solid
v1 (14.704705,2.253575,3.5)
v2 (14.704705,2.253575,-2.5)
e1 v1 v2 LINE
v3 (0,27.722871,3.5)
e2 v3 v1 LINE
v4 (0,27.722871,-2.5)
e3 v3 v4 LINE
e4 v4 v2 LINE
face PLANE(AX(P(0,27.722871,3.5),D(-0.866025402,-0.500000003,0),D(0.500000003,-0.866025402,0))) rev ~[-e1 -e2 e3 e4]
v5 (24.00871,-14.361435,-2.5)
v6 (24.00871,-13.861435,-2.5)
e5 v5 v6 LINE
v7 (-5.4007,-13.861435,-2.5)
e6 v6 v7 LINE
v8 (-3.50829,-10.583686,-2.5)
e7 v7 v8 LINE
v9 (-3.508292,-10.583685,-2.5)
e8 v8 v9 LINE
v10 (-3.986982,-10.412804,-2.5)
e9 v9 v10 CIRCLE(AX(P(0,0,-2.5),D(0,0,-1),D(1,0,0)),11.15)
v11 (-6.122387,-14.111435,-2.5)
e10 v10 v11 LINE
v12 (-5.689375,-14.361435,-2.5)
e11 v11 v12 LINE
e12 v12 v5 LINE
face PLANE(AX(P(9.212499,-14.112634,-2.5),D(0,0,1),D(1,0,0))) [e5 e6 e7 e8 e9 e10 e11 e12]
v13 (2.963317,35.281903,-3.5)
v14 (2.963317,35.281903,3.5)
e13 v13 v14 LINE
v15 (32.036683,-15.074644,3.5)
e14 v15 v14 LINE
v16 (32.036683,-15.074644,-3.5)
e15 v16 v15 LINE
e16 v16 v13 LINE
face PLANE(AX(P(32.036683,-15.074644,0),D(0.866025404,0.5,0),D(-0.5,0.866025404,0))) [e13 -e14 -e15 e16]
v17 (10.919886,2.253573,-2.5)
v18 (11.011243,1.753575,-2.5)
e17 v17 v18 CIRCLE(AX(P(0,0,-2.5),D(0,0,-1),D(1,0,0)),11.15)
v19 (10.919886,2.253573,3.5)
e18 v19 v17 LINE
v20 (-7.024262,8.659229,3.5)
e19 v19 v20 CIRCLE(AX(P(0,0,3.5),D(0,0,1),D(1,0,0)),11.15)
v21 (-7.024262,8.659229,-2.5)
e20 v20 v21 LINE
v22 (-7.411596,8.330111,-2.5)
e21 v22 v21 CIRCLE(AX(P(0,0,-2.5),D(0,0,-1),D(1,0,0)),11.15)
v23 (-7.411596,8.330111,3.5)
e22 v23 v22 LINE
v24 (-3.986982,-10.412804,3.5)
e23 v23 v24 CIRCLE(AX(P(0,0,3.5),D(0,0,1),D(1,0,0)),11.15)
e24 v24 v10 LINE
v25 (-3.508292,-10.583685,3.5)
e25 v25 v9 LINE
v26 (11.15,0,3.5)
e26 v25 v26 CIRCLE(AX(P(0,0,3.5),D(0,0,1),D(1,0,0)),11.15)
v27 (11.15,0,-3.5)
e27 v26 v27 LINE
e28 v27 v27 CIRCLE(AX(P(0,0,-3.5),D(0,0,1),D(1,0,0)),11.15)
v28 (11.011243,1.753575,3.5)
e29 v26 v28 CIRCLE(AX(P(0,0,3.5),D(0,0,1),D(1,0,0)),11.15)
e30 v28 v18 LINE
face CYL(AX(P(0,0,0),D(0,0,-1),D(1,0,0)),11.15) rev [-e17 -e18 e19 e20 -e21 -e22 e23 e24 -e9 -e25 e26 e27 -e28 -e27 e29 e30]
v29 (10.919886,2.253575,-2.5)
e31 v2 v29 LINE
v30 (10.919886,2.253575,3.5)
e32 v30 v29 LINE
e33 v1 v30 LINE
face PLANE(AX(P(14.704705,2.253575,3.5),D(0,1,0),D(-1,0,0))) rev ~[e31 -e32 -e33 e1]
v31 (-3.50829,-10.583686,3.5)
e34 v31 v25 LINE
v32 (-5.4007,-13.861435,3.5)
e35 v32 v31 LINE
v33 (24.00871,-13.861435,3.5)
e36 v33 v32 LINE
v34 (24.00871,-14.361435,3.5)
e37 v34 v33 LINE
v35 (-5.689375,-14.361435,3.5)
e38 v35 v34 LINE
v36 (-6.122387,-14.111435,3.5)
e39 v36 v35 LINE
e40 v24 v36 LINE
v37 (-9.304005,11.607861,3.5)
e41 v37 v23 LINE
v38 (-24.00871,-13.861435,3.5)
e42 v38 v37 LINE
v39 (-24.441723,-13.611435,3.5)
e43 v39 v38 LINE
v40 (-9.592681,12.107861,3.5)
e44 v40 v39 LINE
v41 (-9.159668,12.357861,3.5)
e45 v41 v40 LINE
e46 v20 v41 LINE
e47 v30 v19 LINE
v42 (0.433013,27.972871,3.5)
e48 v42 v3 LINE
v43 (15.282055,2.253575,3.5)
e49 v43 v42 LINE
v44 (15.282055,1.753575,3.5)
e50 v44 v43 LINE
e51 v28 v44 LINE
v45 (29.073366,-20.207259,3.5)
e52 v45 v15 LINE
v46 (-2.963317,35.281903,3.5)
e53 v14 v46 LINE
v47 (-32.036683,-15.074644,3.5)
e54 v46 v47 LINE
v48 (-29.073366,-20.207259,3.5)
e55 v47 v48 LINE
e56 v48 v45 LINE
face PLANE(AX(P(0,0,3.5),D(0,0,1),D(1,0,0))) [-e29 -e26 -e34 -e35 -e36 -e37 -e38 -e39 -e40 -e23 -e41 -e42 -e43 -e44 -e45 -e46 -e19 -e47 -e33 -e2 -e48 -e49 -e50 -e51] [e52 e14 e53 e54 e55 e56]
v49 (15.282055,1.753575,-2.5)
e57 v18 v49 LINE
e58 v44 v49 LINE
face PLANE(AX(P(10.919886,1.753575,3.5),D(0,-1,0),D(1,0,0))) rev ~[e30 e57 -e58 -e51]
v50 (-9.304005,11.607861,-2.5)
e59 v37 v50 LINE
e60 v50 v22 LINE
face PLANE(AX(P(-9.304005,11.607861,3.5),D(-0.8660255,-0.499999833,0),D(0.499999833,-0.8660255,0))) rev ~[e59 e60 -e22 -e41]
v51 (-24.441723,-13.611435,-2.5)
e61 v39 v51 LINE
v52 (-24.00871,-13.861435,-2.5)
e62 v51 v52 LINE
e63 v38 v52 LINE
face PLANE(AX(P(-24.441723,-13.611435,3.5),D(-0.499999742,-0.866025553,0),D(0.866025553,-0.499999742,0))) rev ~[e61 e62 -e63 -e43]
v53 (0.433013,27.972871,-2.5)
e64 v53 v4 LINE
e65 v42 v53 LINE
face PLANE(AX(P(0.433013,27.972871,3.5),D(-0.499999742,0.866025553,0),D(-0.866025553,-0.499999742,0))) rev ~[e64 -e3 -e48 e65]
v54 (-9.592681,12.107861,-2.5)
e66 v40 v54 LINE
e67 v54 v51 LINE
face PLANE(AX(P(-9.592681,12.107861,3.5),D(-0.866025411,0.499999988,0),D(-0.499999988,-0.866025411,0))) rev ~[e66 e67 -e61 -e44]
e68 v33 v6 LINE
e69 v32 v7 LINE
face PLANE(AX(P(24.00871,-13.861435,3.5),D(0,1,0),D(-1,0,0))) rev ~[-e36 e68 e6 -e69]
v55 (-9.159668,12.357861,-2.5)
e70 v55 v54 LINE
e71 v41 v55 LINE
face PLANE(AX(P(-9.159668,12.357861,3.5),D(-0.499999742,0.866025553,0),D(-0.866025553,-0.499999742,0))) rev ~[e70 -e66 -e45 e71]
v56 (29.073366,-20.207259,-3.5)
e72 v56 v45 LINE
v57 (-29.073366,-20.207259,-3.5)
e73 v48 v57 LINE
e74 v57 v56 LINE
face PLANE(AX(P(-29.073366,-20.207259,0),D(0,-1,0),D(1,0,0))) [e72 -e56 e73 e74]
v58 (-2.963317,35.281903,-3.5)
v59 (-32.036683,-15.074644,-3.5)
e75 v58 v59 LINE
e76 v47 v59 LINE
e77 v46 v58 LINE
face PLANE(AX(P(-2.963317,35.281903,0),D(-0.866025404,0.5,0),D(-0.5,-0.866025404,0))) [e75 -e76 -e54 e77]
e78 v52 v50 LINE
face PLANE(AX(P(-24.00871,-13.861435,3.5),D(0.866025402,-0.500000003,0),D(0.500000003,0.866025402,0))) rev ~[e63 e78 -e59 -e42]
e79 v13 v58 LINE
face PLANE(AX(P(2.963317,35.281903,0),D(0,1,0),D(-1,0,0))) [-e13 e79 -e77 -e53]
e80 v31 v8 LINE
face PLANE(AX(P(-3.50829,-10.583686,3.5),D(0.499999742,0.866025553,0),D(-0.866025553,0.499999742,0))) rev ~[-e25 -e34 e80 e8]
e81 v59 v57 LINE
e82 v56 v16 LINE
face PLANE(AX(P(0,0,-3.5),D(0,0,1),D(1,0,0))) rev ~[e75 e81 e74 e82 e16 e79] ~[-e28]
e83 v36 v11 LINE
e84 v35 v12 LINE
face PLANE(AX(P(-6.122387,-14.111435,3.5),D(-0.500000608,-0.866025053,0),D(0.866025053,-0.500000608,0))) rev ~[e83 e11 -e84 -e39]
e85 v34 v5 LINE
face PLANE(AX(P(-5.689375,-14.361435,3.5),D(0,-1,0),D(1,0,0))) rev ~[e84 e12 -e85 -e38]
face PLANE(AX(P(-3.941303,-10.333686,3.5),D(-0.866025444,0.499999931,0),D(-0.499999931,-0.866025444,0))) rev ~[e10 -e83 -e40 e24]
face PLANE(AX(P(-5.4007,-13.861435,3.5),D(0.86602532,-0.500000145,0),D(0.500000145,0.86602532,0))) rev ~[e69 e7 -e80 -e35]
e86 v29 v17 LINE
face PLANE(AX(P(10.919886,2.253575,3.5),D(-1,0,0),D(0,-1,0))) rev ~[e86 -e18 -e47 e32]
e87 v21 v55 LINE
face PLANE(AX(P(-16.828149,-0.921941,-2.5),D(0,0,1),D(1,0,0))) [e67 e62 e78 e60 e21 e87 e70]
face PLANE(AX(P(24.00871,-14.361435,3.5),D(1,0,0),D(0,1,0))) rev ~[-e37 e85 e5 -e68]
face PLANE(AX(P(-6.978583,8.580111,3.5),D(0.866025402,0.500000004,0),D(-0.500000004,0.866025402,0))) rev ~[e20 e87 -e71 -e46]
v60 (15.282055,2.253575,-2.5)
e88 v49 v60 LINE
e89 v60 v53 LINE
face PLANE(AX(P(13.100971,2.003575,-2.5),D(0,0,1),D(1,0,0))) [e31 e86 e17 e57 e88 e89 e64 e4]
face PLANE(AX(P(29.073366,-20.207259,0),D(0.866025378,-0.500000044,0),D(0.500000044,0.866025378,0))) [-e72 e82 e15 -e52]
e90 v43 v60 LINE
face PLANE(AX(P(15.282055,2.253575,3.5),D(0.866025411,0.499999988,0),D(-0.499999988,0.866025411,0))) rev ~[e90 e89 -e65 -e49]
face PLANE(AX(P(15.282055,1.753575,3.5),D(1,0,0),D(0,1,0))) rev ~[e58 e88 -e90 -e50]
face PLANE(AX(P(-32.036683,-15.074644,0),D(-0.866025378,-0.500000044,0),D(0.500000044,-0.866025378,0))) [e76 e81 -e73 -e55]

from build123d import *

# Parameters (mm, degrees)
F0_R     = 11.15
F1_DEPTH = 3.5
F3_DEPTH = 6


with BuildPart() as f1:
    # F0 (on Top) → F1 (new body, symmetric)
    with BuildSketch(Plane.XY):
        Polygon((-29.073366, -20.207259), (29.073366, -20.207259), (32.036683, -15.074644), (2.963317, 35.281903), (-2.963317, 35.281903), (-32.036683, -15.074644), align=None)
        Circle(F0_R, mode=Mode.SUBTRACT)
    extrude(amount=F1_DEPTH, both=True)

    # F2 (on face) → F3 (cut)
    with BuildSketch(Plane.XY.offset(3.5)):
        Polygon((14.704705, 2.253575), (10.919886, 2.253575), (10.919886, 1.753575), (15.282055, 1.753575), (15.282055, 2.253575), align=None)
        Polygon((0, 27.722871), (14.704705, 2.253575), (15.282055, 2.253575), (0.433013, 27.972871), align=None)
        Polygon((-9.304005, 11.607861), (-9.592681, 12.107861), (-24.441723, -13.611435), (-24.00871, -13.861435), align=None)
        Polygon((-9.159668, 12.357861), (-9.592681, 12.107861), (-9.304005, 11.607861), (-7.411596, 8.330111), (-6.978583, 8.580111), align=None)
        Polygon((-5.4007, -13.861435), (-5.689375, -14.361435), (24.00871, -14.361435), (24.00871, -13.861435), align=None)
        Polygon((-6.122387, -14.111435), (-5.689375, -14.361435), (-5.4007, -13.861435), (-3.50829, -10.583686), (-3.941303, -10.333686), align=None)
    extrude(amount=-F3_DEPTH, mode=Mode.SUBTRACT)


solid = f1.part
